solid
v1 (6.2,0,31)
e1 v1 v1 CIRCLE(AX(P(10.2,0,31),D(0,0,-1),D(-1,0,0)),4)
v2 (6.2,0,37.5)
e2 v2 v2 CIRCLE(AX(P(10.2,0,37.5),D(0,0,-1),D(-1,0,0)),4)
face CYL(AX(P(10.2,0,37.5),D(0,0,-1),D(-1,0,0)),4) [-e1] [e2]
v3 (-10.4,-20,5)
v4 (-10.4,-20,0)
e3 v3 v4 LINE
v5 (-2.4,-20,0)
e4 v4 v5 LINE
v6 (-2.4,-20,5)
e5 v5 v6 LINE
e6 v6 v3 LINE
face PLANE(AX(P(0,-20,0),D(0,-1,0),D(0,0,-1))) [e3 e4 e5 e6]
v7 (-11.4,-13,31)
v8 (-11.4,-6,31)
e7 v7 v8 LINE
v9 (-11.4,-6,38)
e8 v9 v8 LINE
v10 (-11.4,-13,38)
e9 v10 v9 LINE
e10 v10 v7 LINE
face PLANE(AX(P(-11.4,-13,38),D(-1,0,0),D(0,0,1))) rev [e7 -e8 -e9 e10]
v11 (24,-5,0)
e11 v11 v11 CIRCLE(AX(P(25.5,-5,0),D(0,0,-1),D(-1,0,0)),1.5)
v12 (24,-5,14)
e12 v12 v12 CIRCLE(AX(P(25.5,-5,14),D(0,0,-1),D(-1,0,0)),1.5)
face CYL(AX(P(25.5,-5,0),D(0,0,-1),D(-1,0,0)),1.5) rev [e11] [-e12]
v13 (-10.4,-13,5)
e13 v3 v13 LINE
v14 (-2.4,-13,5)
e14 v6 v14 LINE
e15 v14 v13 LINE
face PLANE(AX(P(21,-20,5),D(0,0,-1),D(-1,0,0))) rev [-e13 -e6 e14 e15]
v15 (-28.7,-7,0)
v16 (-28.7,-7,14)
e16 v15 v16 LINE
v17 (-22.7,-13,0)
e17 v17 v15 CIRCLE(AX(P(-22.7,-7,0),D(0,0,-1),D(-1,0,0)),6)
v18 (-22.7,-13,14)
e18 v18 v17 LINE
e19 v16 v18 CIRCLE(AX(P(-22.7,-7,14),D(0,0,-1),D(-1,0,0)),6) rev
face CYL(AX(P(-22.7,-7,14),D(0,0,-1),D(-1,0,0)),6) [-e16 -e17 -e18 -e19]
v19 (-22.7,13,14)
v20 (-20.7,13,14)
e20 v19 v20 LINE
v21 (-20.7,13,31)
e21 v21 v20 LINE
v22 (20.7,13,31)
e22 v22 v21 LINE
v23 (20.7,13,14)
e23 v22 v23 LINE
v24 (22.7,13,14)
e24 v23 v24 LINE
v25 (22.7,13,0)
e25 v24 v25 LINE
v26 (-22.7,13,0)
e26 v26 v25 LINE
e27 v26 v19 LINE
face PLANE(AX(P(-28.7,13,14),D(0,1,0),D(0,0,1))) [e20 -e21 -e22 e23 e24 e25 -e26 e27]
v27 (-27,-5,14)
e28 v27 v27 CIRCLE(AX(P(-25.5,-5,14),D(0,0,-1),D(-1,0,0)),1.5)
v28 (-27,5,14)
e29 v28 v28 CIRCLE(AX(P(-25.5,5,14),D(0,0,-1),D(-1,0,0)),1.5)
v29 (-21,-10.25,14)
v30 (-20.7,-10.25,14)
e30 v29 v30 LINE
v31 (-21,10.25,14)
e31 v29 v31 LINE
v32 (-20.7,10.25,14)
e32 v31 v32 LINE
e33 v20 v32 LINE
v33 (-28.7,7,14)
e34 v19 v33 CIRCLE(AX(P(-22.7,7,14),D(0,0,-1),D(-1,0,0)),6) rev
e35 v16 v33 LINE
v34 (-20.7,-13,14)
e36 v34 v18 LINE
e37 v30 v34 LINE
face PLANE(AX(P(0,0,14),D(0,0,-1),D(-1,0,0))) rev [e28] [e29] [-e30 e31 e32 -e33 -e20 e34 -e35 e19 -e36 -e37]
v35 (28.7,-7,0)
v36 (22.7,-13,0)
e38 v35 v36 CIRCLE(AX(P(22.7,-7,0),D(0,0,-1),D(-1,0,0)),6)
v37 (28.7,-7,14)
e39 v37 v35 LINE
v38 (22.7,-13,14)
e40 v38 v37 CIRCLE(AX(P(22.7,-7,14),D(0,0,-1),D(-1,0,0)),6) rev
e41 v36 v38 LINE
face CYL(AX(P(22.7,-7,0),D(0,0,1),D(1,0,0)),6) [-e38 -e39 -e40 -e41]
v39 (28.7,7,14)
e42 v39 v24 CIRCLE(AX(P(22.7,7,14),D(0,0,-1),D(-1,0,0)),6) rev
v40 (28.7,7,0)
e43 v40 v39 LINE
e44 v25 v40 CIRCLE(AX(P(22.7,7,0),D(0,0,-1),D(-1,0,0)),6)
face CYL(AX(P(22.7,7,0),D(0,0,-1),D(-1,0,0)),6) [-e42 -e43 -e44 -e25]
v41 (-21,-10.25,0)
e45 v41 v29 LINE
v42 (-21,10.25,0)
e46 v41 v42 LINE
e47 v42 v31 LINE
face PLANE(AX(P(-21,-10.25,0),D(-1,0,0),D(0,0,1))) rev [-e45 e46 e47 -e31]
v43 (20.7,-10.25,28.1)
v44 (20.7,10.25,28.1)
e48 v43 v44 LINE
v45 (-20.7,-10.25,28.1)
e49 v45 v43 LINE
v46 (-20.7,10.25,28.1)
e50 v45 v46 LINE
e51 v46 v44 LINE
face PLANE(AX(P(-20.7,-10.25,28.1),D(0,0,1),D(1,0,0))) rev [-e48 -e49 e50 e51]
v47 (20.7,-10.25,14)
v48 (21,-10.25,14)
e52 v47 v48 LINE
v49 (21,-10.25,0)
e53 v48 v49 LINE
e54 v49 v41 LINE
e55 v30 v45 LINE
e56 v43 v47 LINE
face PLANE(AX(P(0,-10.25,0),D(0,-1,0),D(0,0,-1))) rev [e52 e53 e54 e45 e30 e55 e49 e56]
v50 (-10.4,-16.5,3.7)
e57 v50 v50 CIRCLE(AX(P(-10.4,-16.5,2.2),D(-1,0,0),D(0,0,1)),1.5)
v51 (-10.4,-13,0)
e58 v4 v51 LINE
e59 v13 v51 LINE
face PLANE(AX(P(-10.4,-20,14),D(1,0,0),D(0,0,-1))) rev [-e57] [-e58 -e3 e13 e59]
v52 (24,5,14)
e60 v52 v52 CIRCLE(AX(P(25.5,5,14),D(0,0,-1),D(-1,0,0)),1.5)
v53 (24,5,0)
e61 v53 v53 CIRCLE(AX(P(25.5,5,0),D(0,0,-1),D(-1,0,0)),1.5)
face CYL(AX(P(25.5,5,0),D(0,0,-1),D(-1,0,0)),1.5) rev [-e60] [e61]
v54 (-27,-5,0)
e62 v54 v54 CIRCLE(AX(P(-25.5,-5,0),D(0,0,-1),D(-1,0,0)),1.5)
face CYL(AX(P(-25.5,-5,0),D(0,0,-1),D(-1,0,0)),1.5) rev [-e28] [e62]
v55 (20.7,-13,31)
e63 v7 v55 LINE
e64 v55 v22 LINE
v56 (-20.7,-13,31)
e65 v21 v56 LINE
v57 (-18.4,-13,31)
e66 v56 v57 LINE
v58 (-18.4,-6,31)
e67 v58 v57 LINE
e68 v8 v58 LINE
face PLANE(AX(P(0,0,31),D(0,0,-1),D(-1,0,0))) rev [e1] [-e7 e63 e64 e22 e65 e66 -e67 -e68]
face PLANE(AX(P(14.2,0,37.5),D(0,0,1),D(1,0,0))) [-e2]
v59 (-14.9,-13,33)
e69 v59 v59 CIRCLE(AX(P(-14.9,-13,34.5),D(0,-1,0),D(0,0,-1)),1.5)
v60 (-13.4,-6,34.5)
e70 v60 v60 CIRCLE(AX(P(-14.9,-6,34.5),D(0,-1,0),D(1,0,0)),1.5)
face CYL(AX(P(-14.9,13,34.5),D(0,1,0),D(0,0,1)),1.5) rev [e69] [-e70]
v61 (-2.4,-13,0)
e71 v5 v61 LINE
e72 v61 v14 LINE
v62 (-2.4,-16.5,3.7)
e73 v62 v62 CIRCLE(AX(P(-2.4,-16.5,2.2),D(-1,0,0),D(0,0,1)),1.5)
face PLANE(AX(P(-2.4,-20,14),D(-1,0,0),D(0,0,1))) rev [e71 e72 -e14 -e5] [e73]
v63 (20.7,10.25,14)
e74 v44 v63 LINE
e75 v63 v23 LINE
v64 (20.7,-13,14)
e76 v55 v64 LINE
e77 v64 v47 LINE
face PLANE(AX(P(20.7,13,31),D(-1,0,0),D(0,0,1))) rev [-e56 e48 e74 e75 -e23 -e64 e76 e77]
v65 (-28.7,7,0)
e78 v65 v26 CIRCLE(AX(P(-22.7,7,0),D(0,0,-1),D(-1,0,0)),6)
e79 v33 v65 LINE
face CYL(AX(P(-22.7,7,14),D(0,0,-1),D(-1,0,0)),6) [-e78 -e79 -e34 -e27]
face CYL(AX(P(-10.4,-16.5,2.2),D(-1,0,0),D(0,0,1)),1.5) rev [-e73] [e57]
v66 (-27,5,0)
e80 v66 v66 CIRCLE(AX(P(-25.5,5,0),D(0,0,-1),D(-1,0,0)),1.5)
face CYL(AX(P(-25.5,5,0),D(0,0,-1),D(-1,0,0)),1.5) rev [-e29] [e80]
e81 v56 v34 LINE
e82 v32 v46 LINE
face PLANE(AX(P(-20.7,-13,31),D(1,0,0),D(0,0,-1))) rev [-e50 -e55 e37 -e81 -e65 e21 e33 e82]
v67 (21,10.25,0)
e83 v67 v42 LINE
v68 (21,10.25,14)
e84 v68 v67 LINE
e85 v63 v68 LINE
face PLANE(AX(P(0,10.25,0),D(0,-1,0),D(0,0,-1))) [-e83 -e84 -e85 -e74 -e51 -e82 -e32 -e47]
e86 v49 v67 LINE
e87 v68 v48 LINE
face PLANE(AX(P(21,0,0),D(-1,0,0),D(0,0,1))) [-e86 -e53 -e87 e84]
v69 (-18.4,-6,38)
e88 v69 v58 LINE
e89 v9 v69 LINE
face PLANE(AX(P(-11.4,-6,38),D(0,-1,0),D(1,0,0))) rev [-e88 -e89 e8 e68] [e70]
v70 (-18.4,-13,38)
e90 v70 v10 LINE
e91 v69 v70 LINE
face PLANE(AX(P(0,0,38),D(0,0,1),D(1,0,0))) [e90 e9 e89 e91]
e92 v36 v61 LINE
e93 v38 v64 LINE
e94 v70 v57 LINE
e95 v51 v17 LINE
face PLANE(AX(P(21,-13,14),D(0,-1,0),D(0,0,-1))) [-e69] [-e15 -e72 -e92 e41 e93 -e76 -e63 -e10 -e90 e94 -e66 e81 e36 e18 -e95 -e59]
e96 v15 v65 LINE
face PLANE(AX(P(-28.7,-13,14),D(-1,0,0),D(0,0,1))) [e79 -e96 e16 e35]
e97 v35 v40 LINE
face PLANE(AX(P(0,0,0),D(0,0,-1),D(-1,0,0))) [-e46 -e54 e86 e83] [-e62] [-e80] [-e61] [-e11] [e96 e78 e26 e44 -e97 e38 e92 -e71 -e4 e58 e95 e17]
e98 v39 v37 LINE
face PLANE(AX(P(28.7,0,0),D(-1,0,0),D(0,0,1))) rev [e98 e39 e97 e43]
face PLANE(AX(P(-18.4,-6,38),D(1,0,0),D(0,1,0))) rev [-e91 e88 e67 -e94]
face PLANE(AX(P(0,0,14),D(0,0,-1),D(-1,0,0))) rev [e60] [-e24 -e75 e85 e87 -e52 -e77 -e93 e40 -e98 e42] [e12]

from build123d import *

# Parameters (mm, degrees)
SKETCH1_W                    = 49.7
SKETCH1_H                    = 26
BOSS_EXTRUDE1_DEPTH          = 14
SKETCH2_W                    = 41.4
SKETCH2_H                    = 26
BOSS_EXTRUDE2_DEPTH          = 17
CUT_EXTRUDE1_DEPTH           = 20.5
SKETCH4_W                    = 14
SKETCH4_H                    = 26
BOSS_EXTRUDE3_DEPTH          = 7.7
BOSS_EXTRUDE5_START          = -26
SKETCH6_W                    = 8
SKETCH6_H                    = 5
BOSS_EXTRUDE5_DEPTH          = 7
SKETCH5_W                    = 7
SKETCH5_H                    = 7
BOSS_EXTRUDE6_DEPTH          = 7
SKETCH7_W                    = 4
SKETCH7_H                    = 6.5
F_3_0_3_DIAMETER_HOLE1_D     = 3
F_3_0_3_DIAMETER_HOLE1_DEPTH = 38
F_3_0_3_DIAMETER_HOLE2_D     = 3
F_3_0_3_DIAMETER_HOLE2_DEPTH = 39.1
F_3_0_3_DIAMETER_HOLE3_D     = 3
F_3_0_3_DIAMETER_HOLE3_DEPTH = 33
FILLET1_R                    = 6


with BuildPart() as part:
    # Sketch1 → Boss-Extrude1 (new body)
    with BuildSketch(Plane(origin=(0, 0, 0), x_dir=(-1, 0, 0), z_dir=(0, 0, -1))):
        with Locations((3.85, 0)):
            Rectangle(SKETCH1_W, SKETCH1_H)
    extrude(amount=-BOSS_EXTRUDE1_DEPTH)

    # Sketch2 → Boss-Extrude2 (add)
    with BuildSketch(Plane.XY.offset(14)):
        Rectangle(SKETCH2_W, SKETCH2_H)
    extrude(amount=BOSS_EXTRUDE2_DEPTH)

    # Sketch3 → Cut-Extrude1 (cut)
    with BuildSketch(Plane(origin=(0, 10.25, 0), x_dir=(1, 0, 0), z_dir=(0, 1, 0))):
        Polygon((20.7, -14), (21, -14), (21, 0), (-21, 0), (-21, -14), (-20.7, -14), (-20.7, -28.1), (20.7, -28.1), align=None)
    extrude(amount=-CUT_EXTRUDE1_DEPTH, mode=Mode.SUBTRACT)

    # Sketch4 → Boss-Extrude3 (add)
    with BuildSketch(Plane(origin=(21, 0, 0), x_dir=(0, 0, -1), z_dir=(1, 0, 0))):
        with Locations((-7, 0)):
            Rectangle(SKETCH4_W, SKETCH4_H)
    extrude(amount=BOSS_EXTRUDE3_DEPTH)

    # Sketch6 → Boss-Extrude5 (add)
    with BuildSketch(Plane(origin=(0, 13, 0), x_dir=(-1, 0, 0), z_dir=(0, 1, 0)).offset(BOSS_EXTRUDE5_START)):
        with Locations((6.4, 2.5)):
            Rectangle(SKETCH6_W, SKETCH6_H)
    extrude(amount=-BOSS_EXTRUDE5_DEPTH)

    # Sketch5 → Boss-Extrude6 (add)
    with BuildSketch(Plane.XY.offset(31)):
        with Locations((-14.9, -9.5)):
            Rectangle(SKETCH5_W, SKETCH5_H)
    extrude(amount=BOSS_EXTRUDE6_DEPTH)

    # Sketch7 → Revolve1 (revolve)
    with BuildSketch(Plane.XZ, mode=Mode.PRIVATE) as revolve1_sk:
        with Locations((12.2, 34.25)):
            Rectangle(SKETCH7_W, SKETCH7_H)
    revolve(revolve1_sk.sketch.rotate(Axis((10.2, 0, 37.5), (0, 0, -1)), 180), axis=Axis((10.2, 0, 37.5), (0, 0, -1)))

    # Ø3.0 (3) Diameter Hole1
    with Locations(Plane(origin=(0, 0, 0), x_dir=(-1, 0, 0), z_dir=(0, 0, -1))):
        with Locations((-25.5, -5), (-25.5, 5), (25.5, -5), (25.5, 5)):
            Hole(F_3_0_3_DIAMETER_HOLE1_D / 2, depth=F_3_0_3_DIAMETER_HOLE1_DEPTH)

    # Ø3.0 (3) Diameter Hole2
    with Locations(Plane.ZY.offset(10.4)):
        with Locations((2.2, -16.5)):
            Hole(F_3_0_3_DIAMETER_HOLE2_D / 2, depth=F_3_0_3_DIAMETER_HOLE2_DEPTH)

    # Ø3.0 (3) Diameter Hole3
    with Locations(Plane(origin=(0, 13, 0), x_dir=(1, 0, 0), z_dir=(0, 1, 0))):
        with Locations((-14.9, -34.5)):
            Hole(F_3_0_3_DIAMETER_HOLE3_D / 2, depth=F_3_0_3_DIAMETER_HOLE3_DEPTH)

    # Fillet1
    fillet1_edges = [part.edges().sort_by_distance(p)[0] for p in [
        (28.7, -13, 7),
        (28.7, 13, 7),
        (-28.7, 13, 7),
        (-28.7, -13, 7),
    ]]
    fillet(fillet1_edges, radius=FILLET1_R)


solid = part.part
